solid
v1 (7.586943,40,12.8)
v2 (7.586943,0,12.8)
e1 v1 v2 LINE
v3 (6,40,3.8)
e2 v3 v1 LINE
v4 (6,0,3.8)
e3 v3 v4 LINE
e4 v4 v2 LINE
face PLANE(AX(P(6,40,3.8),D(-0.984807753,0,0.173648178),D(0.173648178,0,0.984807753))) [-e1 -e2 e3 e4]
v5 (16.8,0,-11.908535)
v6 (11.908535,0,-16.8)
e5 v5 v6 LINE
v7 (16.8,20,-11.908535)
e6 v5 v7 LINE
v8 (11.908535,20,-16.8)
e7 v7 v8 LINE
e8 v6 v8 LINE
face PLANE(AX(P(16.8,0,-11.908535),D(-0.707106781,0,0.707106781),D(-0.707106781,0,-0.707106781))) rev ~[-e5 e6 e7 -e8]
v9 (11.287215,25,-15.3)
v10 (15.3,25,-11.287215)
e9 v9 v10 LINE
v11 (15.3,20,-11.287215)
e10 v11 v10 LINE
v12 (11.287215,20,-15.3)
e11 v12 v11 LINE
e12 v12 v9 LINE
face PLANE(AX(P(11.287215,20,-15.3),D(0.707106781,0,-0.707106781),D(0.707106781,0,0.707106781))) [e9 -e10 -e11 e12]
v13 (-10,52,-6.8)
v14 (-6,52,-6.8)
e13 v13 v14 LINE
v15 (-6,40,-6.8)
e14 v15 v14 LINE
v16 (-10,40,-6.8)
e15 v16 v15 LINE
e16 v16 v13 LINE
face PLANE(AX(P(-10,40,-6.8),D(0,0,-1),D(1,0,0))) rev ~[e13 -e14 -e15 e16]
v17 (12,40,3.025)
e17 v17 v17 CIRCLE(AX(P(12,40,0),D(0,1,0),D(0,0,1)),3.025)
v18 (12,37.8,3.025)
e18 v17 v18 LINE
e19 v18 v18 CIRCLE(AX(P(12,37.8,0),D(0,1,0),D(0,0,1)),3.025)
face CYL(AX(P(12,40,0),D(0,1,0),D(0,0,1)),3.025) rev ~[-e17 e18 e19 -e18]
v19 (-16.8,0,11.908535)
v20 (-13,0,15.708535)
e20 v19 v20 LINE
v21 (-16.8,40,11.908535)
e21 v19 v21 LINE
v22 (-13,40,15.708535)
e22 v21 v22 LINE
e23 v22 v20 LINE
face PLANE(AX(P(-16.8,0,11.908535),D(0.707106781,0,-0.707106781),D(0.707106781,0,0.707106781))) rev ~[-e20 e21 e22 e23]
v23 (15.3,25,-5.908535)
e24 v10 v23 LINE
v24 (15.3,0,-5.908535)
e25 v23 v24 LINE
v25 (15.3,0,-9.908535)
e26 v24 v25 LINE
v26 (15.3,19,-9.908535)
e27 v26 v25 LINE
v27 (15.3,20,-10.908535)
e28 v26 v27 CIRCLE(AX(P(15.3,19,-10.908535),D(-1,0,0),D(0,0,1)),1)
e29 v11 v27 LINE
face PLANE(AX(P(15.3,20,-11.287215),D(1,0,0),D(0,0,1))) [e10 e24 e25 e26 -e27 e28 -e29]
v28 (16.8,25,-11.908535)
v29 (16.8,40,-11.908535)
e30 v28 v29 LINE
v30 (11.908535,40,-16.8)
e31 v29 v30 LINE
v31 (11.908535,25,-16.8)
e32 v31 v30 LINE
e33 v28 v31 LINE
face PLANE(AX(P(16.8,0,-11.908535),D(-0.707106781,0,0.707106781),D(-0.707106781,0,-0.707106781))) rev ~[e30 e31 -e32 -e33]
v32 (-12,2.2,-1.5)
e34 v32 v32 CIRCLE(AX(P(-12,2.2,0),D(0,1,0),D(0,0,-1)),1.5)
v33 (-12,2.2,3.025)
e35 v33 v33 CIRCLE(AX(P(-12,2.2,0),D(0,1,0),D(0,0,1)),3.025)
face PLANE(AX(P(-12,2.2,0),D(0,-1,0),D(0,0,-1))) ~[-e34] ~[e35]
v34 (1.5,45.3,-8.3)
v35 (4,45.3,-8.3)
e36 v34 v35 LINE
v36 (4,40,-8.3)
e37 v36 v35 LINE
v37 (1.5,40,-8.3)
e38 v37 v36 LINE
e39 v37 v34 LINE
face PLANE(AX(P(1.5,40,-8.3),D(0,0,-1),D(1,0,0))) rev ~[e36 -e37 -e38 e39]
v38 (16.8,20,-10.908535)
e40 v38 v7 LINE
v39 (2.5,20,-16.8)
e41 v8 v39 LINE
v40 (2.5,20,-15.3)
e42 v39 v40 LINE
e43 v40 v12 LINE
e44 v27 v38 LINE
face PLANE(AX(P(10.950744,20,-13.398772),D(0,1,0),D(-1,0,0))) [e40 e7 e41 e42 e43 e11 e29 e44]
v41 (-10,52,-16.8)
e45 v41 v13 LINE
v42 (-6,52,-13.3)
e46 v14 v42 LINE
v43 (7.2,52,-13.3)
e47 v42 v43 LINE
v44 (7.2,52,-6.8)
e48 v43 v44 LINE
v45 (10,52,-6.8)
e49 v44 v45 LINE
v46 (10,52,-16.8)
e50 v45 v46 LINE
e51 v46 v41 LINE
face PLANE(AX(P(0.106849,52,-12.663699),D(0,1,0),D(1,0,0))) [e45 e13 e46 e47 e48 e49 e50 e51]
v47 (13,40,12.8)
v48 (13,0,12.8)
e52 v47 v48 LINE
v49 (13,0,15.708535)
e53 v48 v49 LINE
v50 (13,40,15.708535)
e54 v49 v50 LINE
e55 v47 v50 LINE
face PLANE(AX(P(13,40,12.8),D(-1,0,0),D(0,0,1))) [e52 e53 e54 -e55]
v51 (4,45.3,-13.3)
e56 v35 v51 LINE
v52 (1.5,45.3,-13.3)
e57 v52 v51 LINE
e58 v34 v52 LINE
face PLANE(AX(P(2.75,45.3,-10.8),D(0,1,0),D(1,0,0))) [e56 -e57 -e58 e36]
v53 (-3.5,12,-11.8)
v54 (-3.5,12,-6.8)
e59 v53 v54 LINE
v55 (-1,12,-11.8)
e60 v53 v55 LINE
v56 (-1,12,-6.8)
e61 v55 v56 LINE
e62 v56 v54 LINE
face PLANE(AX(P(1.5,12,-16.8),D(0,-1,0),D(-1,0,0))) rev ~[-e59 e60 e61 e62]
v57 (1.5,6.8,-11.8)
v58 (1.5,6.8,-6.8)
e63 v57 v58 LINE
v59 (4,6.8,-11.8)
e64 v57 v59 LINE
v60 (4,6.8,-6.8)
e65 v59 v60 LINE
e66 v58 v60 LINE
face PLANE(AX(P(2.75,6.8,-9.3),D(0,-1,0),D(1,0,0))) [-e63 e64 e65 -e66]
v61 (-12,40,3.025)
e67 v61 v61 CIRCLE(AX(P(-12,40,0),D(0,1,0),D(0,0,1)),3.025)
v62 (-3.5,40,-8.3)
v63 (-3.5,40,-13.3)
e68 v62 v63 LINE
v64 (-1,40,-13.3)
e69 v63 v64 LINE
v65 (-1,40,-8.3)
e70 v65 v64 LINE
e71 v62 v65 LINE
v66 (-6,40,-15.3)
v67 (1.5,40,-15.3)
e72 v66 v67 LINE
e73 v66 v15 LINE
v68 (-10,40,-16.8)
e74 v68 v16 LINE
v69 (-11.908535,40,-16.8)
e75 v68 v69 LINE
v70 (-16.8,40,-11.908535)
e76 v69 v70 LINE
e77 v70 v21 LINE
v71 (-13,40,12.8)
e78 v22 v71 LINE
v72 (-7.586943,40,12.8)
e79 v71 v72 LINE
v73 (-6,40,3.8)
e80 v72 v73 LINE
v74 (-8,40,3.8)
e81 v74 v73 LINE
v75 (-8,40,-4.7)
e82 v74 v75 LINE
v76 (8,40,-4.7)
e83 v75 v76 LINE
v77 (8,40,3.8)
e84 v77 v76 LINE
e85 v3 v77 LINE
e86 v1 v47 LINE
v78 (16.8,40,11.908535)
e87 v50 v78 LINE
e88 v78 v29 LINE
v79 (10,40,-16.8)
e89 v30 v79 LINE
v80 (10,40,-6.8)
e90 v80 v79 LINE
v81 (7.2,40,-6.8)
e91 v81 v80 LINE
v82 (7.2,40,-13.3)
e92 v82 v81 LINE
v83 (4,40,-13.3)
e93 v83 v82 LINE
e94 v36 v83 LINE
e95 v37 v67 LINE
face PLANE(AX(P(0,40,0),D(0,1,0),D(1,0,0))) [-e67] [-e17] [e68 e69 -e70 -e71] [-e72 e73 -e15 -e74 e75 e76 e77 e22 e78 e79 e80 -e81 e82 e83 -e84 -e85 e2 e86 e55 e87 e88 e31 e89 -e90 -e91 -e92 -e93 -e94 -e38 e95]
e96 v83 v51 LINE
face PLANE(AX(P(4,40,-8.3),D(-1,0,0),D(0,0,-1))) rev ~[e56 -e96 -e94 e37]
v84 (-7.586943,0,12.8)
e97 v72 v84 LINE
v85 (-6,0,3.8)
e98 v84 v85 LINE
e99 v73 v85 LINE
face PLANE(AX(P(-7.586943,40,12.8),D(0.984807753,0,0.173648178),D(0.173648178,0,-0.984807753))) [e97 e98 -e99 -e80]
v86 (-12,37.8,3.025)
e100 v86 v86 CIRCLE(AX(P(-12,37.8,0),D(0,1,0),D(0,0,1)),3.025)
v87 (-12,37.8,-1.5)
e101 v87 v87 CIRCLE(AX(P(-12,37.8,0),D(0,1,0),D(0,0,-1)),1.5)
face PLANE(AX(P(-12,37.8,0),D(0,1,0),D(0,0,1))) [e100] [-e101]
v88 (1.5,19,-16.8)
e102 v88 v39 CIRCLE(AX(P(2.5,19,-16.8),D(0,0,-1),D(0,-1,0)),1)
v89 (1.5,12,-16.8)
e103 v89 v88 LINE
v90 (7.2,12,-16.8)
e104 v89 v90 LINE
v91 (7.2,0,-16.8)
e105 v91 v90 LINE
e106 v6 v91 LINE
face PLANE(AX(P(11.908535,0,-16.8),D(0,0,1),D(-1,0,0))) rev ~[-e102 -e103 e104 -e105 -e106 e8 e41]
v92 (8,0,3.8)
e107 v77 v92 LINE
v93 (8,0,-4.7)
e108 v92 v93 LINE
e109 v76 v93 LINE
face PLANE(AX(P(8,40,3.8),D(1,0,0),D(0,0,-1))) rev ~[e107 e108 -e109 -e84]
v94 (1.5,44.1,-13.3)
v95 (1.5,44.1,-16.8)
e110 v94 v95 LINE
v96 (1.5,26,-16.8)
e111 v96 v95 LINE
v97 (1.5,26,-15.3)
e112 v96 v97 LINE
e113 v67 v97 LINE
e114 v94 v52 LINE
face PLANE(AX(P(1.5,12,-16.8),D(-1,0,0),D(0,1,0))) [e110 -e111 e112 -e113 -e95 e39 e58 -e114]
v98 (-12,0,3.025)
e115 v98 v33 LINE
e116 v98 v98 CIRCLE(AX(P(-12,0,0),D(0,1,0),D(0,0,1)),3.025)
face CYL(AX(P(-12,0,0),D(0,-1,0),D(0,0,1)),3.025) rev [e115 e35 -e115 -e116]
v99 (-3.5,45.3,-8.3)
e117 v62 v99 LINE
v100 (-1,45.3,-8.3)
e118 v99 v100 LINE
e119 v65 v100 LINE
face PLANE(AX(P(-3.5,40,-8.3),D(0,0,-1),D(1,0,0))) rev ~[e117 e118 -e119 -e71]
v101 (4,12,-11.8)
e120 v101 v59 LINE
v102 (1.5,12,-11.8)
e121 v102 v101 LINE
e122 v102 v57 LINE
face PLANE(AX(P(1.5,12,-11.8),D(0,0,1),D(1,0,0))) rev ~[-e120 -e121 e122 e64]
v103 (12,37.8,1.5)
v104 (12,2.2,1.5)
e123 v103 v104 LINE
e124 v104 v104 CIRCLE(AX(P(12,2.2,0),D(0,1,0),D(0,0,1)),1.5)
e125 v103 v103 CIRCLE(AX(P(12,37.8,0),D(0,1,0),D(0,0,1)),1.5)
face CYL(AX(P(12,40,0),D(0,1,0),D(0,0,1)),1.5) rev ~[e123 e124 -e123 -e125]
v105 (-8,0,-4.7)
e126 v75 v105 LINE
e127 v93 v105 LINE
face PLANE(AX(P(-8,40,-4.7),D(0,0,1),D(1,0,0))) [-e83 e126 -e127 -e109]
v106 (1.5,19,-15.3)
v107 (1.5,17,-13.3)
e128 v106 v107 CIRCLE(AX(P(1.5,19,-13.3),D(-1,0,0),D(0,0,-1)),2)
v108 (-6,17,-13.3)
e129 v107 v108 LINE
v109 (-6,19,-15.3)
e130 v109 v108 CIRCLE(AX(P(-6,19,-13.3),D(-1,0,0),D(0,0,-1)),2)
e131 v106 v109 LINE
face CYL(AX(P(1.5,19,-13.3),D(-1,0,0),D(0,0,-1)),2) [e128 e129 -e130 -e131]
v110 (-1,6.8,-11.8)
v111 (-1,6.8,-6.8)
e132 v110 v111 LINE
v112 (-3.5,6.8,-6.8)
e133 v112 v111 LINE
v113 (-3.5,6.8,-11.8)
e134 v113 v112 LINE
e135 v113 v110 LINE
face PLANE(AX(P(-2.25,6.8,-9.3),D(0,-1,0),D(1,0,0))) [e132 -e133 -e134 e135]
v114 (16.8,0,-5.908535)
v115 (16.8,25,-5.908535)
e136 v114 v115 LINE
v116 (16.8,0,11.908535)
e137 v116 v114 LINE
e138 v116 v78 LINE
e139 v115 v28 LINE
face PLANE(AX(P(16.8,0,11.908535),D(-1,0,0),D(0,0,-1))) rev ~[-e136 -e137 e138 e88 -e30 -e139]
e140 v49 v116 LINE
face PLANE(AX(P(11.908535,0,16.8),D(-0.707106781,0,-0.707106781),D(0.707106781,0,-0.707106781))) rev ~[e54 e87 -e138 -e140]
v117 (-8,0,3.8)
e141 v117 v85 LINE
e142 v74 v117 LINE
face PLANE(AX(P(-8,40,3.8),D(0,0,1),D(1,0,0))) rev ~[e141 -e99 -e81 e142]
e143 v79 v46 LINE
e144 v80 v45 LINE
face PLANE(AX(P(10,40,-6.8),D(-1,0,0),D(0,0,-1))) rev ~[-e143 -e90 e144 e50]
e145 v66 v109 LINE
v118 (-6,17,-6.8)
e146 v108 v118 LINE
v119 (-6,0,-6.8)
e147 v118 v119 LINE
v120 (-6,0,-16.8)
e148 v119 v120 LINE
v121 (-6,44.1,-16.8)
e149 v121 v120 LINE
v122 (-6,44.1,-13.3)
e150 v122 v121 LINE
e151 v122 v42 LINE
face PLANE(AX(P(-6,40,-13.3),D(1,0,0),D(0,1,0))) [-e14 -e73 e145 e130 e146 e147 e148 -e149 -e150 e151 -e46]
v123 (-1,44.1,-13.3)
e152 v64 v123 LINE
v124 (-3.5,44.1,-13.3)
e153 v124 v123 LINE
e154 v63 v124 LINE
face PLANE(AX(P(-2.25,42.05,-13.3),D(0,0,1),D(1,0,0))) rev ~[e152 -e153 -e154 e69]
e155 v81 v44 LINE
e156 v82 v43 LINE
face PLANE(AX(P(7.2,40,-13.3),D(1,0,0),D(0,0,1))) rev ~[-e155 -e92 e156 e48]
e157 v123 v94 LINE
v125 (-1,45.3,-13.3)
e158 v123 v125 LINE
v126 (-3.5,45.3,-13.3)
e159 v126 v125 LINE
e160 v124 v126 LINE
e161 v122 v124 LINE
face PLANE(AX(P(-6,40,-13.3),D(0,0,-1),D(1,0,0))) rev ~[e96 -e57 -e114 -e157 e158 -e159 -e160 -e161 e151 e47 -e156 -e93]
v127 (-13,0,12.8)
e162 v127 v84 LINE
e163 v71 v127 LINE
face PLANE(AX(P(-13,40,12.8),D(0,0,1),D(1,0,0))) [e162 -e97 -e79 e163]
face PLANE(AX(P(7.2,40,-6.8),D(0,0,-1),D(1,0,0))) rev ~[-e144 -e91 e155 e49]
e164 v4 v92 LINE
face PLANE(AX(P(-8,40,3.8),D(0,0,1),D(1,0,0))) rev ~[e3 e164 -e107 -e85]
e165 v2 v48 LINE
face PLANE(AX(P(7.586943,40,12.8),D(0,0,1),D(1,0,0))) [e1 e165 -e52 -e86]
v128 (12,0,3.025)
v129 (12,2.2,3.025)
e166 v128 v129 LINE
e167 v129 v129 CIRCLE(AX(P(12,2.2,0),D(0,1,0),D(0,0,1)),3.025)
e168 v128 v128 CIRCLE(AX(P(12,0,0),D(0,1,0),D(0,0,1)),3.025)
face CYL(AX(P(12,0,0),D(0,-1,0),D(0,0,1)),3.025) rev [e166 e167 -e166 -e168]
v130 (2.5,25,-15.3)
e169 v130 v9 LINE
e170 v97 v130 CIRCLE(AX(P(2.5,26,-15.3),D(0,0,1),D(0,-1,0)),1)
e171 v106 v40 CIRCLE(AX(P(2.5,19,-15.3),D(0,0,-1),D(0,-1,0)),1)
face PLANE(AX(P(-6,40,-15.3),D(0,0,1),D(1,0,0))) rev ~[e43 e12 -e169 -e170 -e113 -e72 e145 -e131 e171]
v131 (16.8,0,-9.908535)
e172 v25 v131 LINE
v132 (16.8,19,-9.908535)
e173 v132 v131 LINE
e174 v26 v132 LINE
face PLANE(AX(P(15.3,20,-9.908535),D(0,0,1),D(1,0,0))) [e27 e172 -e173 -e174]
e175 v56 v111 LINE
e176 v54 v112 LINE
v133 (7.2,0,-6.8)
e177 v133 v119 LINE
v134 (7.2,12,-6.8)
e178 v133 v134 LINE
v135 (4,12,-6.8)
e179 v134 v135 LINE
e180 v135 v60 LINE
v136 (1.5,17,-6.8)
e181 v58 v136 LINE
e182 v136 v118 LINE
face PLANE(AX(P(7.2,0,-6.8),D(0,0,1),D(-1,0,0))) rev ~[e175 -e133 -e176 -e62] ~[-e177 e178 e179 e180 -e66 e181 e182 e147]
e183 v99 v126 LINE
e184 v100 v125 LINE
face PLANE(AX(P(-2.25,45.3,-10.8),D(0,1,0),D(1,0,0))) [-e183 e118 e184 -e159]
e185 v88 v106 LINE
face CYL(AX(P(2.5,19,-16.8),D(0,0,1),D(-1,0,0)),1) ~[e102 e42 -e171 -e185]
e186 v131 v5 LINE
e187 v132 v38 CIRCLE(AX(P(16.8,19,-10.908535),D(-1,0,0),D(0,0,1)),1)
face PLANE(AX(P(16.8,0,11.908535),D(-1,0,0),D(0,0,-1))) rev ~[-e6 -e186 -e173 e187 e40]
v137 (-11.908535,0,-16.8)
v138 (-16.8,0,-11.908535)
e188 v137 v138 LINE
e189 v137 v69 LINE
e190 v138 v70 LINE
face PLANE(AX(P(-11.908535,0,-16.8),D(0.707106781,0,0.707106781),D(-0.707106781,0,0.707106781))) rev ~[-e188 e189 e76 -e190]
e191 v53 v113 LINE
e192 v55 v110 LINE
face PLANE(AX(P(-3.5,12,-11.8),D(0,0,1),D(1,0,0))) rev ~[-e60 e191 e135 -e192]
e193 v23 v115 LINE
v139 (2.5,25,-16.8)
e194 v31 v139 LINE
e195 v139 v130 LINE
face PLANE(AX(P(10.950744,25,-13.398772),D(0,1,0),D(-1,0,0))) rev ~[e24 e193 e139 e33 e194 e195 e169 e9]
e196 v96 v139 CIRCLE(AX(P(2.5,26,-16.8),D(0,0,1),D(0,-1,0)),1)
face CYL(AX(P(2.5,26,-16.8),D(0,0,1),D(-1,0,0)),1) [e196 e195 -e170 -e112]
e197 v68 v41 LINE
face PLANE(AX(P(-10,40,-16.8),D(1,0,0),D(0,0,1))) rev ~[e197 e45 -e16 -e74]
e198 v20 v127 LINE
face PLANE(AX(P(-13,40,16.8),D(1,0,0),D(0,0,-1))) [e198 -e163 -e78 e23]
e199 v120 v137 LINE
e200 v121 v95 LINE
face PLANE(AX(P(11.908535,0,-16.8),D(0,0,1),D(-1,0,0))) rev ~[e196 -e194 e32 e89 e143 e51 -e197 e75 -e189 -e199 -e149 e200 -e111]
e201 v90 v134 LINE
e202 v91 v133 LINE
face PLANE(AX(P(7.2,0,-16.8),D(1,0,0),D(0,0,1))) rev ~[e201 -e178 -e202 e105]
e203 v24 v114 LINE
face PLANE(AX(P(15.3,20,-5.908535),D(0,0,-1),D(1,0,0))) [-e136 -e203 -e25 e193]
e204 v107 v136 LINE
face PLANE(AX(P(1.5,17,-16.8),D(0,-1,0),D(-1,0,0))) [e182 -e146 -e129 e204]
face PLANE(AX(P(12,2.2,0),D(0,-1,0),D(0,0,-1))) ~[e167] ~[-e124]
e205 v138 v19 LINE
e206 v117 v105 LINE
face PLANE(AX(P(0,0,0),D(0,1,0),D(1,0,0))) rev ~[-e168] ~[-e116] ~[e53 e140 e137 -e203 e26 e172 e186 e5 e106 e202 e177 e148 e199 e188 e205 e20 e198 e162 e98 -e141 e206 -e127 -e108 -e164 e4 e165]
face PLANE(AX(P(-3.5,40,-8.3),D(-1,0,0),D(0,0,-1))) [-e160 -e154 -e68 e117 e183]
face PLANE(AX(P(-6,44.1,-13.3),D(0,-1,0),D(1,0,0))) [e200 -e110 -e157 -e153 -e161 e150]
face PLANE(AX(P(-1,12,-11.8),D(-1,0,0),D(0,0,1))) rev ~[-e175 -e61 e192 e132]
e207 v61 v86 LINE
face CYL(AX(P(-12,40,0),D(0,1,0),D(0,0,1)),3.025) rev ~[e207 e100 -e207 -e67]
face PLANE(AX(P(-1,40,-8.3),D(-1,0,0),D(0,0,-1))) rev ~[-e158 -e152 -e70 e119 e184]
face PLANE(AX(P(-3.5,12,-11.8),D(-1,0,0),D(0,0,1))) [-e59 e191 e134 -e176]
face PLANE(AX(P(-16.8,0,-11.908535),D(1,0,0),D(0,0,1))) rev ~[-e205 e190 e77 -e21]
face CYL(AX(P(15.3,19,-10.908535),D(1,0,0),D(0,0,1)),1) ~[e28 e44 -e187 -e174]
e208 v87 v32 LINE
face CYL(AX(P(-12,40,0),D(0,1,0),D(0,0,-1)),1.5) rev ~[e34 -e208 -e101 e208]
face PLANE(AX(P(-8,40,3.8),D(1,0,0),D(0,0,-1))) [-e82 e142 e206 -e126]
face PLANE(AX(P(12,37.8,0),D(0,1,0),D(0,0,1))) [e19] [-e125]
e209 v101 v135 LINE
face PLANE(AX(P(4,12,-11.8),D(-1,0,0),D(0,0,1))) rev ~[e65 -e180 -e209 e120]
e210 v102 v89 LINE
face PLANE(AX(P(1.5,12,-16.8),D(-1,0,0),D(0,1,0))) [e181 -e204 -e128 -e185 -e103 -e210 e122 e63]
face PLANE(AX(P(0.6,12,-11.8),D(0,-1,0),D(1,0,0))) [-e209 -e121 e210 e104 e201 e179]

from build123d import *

# Parameters (mm, degrees)
EXTRUDE_1_DEPTH      = 40
SKETCH_2_R           = 1.5
CUT_EXTRUDE_1_DEPTH  = 47.523972315
CUT_EXTRUDE_2_DEPTH  = 47.523972315
EXTRUDE_2_DEPTH      = 12
SKETCH_5_W           = 12
SKETCH_5_H           = 8.5
CUT_EXTRUDE_3_DEPTH  = 47.523972315
CUT_EXTRUDE_4_DEPTH  = 12
SKETCH_7_W           = 2.5
SKETCH_7_H           = 5
EXTRUDE_3_DEPTH      = 5.3
SKETCH_8_W           = 2.5
SKETCH_8_H           = 5
EXTRUDE_4_DEPTH      = 5.2
SKETCH_10_W          = 16
SKETCH_10_H          = 8.5
CUT_EXTRUDE_5_DEPTH  = 47.523972315
SKETCH_11_W          = 7.5
SKETCH_11_H          = 4.1
CUT_EXTRUDE_6_DEPTH  = 11
SKETCH_15_W          = 7.5
SKETCH_15_H          = 5
CUT_EXTRUDE_10_DEPTH = 10
SKETCH_12_W          = 7.5
SKETCH_12_H          = 1.5
CUT_EXTRUDE_7_DEPTH  = 28
CUT_EXTRUDE_START    = -20
CUT_EXTRUDE_8_DEPTH  = 5
FILLET_2_R           = 2
SKETCH_16_R          = 3.025
CUT_EXTRUDE_11_DEPTH = 2.2
SKETCH_17_W          = 1.5
SKETCH_17_H          = 4
CUT_EXTRUDE_12_DEPTH = 40.855739863
FILLET_3_R           = 1


with BuildPart() as part:
    # 草图1 → 凸台-拉伸1 (new body)
    with BuildSketch(Plane(origin=(0, 0, 0), x_dir=(1, 0, 0), z_dir=(0, 1, 0))):
        Polygon((11.908535316, 16.8), (-11.908535316, 16.8), (-16.8, 11.908535316), (-16.8, -11.908535316), (-11.908535316, -16.8), (11.908535316, -16.8), (16.8, -11.908535316), (16.8, 11.908535316), align=None)
    extrude(amount=EXTRUDE_1_DEPTH)

    # 草图2 → 切除-拉伸1 (cut, through all)
    with BuildSketch(Plane(origin=(0, 40, 0), x_dir=(1, 0, 0), z_dir=(0, 1, 0))):
        with Locations(Location((12, 0, 0), (0, 0, 270))):
            Circle(SKETCH_2_R)
        with Locations(Location((-12, 0, 0), (0, 0, 90))):
            Circle(SKETCH_2_R)
    extrude(amount=-CUT_EXTRUDE_1_DEPTH, mode=Mode.SUBTRACT)

    # 草图3 → 切除-拉伸2 (cut, through all)
    with BuildSketch(Plane(origin=(0, 40, 0), x_dir=(1, 0, 0), z_dir=(0, 1, 0))):
        Polygon((-6, -3.8), (6, -3.8), (7.586942826, -12.8), (13, -12.8), (13, -16.8), (-13, -16.8), (-13, -12.8), (-7.586942826, -12.8), align=None)
    extrude(amount=-CUT_EXTRUDE_2_DEPTH, mode=Mode.SUBTRACT)

    # 草图4 → 凸台-拉伸2 (add)
    with BuildSketch(Plane(origin=(0, 40, 0), x_dir=(1, 0, 0), z_dir=(0, 1, 0))):
        Polygon((-10, 16.8), (-10, 6.8), (-6, 6.8), (-6, 13.3), (7.2, 13.3), (7.2, 6.8), (10, 6.8), (10, 16.8), align=None)
    extrude(amount=EXTRUDE_2_DEPTH)

    # 草图5 → 切除-拉伸3 (cut, through all)
    with BuildSketch(Plane(origin=(0, 40, 0), x_dir=(1, 0, 0), z_dir=(0, 1, 0))):
        with Locations((0, 0.45)):
            Rectangle(SKETCH_5_W, SKETCH_5_H)
    extrude(amount=-CUT_EXTRUDE_3_DEPTH, mode=Mode.SUBTRACT)

    # 草图6 → 切除-拉伸4 (cut)
    with BuildSketch(Plane.XZ):
        Polygon((-6, -6.8), (-6, -13.3), (-6, -16.8), (7.2, -16.8), (7.2, -13.3), (7.2, -6.8), align=None)
    extrude(amount=-CUT_EXTRUDE_4_DEPTH, mode=Mode.SUBTRACT)

    # 草图7 → 凸台-拉伸3 (add)
    with BuildSketch(Plane(origin=(0, 40, 0), x_dir=(1, 0, 0), z_dir=(0, 1, 0))):
        with Locations((2.75, 10.8)):
            Rectangle(SKETCH_7_W, SKETCH_7_H)
        with Locations((-2.25, 10.8)):
            Rectangle(SKETCH_7_W, SKETCH_7_H)
    extrude(amount=EXTRUDE_3_DEPTH)

    # 草图8 → 凸台-拉伸4 (add)
    with BuildSketch(Plane.XZ.offset(-12)):
        with Locations((-2.25, -9.3)):
            Rectangle(SKETCH_8_W, SKETCH_8_H)
        with Locations((2.75, -9.3)):
            Rectangle(SKETCH_8_W, SKETCH_8_H)
    extrude(amount=EXTRUDE_4_DEPTH)

    # 草图10 → 切除-拉伸5 (cut, through all)
    with BuildSketch(Plane(origin=(0, 40, 0), x_dir=(1, 0, 0), z_dir=(0, 1, 0))):
        with Locations((0, 0.45)):
            Rectangle(SKETCH_10_W, SKETCH_10_H)
    extrude(amount=-CUT_EXTRUDE_5_DEPTH, mode=Mode.SUBTRACT)

    # 草图11 → 切除-拉伸6 (cut)
    with BuildSketch(Plane.XY.offset(-13.3)):
        with Locations((-2.25, 42.05)):
            Rectangle(SKETCH_11_W, SKETCH_11_H)
    extrude(amount=-CUT_EXTRUDE_6_DEPTH, mode=Mode.SUBTRACT)

    # 草图15 → 切除-拉伸10 (cut)
    with BuildSketch(Plane(origin=(0, 0, -16.8), x_dir=(-1, 0, 0), z_dir=(0, 0, -1))):
        with Locations((2.25, 14.5)):
            Rectangle(SKETCH_15_W, SKETCH_15_H)
    extrude(amount=-CUT_EXTRUDE_10_DEPTH, mode=Mode.SUBTRACT)

    # 草图12 → 切除-拉伸7 (cut)
    with BuildSketch(Plane(origin=(0, 40, 0), x_dir=(1, 0, 0), z_dir=(0, 1, 0))):
        with Locations((-2.25, 16.05)):
            Rectangle(SKETCH_12_W, SKETCH_12_H)
    extrude(amount=-CUT_EXTRUDE_7_DEPTH, mode=Mode.SUBTRACT)

    # 草图13 → 切除-拉伸8 (cut)
    with BuildSketch(Plane.XZ.offset(CUT_EXTRUDE_START)):
        Polygon((11.908535316, -16.8), (1.5, -16.8), (1.5, -15.3), (11.287214973, -15.3), (15.3, -11.287214973), (15.3, -5.908535316), (16.8, -5.908535316), (16.8, -11.908535316), align=None)
    extrude(amount=-CUT_EXTRUDE_8_DEPTH, mode=Mode.SUBTRACT)

    # 圆角2
    fillet_2_edges = [part.edges().sort_by_distance(p)[0] for p in [
        (-2.25, 17, -15.3),
    ]]
    fillet(fillet_2_edges, radius=FILLET_2_R)

    # 草图16 → 切除-拉伸11 (cut)
    with BuildSketch(Plane(origin=(0, 40, 0), x_dir=(1, 0, 0), z_dir=(0, 1, 0))):
        with Locations(Location((12, 0, 0), (0, 0, 270))):
            Circle(SKETCH_16_R)
        with Locations(Location((-12, 0, 0), (0, 0, 270))):
            Circle(SKETCH_16_R)
    cut_extrude_11 = extrude(amount=-CUT_EXTRUDE_11_DEPTH, mode=Mode.SUBTRACT)

    # 镜向1: 切除-拉伸11 across plane
    add(cut_extrude_11.mirror(Plane.ZX.offset(20)), mode=Mode.SUBTRACT)

    # 草图17 → 切除-拉伸12 (cut, through all)
    with BuildSketch(Plane(origin=(0, 20, 0), x_dir=(1, 0, 0), z_dir=(0, 1, 0))):
        with Locations((16.05, 7.908535316)):
            Rectangle(SKETCH_17_W, SKETCH_17_H)
    extrude(amount=-CUT_EXTRUDE_12_DEPTH, mode=Mode.SUBTRACT)

    # 圆角3
    fillet_3_edges = [part.edges().sort_by_distance(p)[0] for p in [
        (1.5, 25, -16.05),
        (1.5, 20, -16.05),
        (16.05, 20, -9.908535316),
    ]]
    fillet(fillet_3_edges, radius=FILLET_3_R)


solid = part.part
